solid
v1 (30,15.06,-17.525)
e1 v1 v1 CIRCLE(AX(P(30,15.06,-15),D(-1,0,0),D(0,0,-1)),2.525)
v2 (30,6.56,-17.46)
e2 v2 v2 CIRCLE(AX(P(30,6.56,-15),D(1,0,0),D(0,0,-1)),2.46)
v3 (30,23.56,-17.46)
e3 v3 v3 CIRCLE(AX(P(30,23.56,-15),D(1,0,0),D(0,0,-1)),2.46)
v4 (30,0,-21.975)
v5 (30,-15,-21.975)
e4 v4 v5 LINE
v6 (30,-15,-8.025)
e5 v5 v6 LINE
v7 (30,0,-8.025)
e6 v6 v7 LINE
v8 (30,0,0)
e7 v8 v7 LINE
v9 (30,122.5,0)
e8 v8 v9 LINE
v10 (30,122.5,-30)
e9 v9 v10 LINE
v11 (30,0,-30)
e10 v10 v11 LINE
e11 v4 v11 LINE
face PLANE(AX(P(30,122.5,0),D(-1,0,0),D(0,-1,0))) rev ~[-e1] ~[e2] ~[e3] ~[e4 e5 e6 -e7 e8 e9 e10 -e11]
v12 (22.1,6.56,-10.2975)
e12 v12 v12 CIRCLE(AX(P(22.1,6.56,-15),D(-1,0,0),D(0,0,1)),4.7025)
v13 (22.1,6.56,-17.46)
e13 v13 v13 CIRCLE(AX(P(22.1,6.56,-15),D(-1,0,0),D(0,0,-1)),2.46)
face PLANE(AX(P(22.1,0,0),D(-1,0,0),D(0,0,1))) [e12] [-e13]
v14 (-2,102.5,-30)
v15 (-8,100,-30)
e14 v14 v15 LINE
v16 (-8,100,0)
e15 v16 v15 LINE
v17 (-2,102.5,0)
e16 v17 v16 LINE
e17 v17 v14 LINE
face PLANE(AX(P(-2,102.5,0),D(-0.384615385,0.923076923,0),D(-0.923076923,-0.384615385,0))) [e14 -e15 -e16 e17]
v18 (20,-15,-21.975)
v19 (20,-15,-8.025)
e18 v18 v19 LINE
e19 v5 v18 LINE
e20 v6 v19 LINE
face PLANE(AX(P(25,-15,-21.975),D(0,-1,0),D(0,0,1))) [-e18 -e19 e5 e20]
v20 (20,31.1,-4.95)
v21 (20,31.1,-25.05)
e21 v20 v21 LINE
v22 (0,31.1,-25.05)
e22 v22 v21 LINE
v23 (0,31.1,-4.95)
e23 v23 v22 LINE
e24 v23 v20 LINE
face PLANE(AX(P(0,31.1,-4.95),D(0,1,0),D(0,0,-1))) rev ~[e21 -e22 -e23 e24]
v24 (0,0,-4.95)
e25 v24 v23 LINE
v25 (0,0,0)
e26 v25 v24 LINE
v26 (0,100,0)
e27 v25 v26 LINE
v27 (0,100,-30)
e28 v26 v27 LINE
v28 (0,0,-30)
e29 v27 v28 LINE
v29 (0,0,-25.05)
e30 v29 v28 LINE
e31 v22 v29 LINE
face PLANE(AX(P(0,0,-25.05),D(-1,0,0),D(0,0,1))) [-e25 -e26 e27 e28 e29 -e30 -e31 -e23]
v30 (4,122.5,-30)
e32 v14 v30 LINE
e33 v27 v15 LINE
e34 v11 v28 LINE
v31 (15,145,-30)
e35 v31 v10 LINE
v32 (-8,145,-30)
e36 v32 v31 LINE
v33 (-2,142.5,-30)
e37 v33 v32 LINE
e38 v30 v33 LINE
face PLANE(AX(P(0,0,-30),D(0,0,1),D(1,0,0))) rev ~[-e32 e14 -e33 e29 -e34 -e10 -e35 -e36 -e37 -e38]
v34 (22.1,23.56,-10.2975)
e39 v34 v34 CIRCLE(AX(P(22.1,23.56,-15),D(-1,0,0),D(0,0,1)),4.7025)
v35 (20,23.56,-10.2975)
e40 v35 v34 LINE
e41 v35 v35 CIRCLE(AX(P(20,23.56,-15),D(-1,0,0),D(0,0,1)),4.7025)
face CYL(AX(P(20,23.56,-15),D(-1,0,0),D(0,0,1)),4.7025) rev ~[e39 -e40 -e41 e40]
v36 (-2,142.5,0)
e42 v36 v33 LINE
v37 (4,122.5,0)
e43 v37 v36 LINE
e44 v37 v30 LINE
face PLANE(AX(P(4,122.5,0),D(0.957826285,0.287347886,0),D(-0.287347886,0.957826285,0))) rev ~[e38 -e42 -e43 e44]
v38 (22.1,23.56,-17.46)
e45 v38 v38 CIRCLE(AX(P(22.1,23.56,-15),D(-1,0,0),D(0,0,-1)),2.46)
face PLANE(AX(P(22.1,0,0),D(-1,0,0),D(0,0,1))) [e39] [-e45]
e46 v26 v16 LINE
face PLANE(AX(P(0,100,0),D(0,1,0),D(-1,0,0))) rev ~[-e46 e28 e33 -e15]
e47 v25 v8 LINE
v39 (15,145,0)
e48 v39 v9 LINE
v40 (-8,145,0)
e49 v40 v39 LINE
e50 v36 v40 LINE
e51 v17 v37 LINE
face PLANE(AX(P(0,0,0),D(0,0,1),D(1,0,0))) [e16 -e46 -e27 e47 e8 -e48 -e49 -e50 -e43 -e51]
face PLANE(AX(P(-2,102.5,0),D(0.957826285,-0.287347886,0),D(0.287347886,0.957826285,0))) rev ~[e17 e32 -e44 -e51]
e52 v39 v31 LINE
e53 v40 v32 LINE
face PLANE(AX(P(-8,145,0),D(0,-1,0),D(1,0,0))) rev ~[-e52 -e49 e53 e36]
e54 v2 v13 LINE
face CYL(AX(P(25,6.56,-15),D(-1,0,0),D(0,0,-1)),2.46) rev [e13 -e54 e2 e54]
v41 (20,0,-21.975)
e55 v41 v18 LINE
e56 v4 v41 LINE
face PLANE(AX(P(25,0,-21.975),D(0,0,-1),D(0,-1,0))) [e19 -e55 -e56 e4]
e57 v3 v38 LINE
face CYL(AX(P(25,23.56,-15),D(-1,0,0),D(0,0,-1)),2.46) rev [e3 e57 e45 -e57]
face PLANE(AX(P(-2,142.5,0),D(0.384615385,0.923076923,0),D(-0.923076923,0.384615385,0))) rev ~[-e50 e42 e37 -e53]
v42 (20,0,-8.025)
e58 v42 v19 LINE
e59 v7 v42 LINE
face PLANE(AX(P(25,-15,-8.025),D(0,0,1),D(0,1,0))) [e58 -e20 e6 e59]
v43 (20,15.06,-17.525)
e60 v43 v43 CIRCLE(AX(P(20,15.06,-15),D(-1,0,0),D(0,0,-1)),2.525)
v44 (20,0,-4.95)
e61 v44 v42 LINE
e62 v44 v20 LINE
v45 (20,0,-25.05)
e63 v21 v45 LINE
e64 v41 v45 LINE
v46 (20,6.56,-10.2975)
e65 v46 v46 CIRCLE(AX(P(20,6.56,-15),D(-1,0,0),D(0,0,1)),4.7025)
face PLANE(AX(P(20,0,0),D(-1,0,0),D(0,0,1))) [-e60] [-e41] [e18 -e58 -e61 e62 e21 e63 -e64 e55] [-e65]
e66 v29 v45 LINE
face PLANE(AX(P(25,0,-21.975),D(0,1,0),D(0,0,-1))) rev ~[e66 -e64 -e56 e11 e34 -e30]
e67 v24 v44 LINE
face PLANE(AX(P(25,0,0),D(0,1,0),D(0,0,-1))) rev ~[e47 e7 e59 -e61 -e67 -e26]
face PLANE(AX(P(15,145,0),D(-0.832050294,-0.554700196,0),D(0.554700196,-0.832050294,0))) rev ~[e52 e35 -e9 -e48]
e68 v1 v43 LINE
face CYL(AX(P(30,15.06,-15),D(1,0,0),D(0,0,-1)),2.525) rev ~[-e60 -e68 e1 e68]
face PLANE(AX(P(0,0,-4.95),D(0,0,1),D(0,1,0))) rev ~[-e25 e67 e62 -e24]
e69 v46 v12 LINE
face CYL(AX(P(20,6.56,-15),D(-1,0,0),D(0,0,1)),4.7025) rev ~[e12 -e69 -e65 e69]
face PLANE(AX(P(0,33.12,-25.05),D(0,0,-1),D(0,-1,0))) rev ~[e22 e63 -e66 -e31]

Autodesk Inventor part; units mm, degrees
ref_plane "YZ Plane" through (0, 0, 0) normal (1, 0, 0) x (0, 1, 0)
ref_plane "XZ Plane" through (0, 0, 0) normal (0, 1, 0) x (-1, 0, 0)
ref_plane "XY Plane" through (0, 0, 0) normal (0, 0, 1) x (1, 0, 0)
sketch "Sketch1" plane through (0, 0, 0) normal (0, 0, 1) x (1, 0, 0)
  line L0 (0, 0) -> (25, 0)
  line L1 (25, 0) -> (25, 40)
  line L2 (25, 40) -> (0, 40)
  line L3 (0, 40) -> (0, 0)
  dimension "d1" = 25
  dimension "d2" = 40
  dimension "d3" = 25
extrude "Extrusion1" add sketch "Sketch1" against normal blind 30
sketch "Sketch2" plane through (25, 0, 0) normal (1, 0, 0) x (0, 0, -1)
  line L0 (0, 0) -> (30, 0) projected
  circle A0 centre (15, 6.56) radius 2.46
extrude "Extrusion2" cut sketch "Sketch2" against normal blind 30
sketch "Sketch3" plane through (0, 0, 0) normal (-1, 0, 0) x (0, 0, 1)
  line L0 (0, 0) -> (-30, 0) projected
  line L1 (-25.05, 0) -> (-4.95, 0)
  line L2 (-4.95, 0) -> (-4.95, 33.12)
  line L3 (-4.95, 33.12) -> (-25.05, 33.12)
  line L4 (-25.05, 33.12) -> (-25.05, 0)
  dimension "d11" = 20.1
extrude "Extrusion3" cut sketch "Sketch3" against normal blind 20
sketch "Sketch4" plane through (0, 0, 0) normal (0, -1, 0) x (1, 0, 0)
  line L0 (20, -4.95) -> (20, -25.05) projected
  line L1 (20, -15) -> (25, -15)
  line L2 (25, 0) -> (25, -30) projected
  line L3 (20, -8.025) -> (25, -8.025)
  line L4 (25, -8.025) -> (25, -21.975)
  line L5 (25, -21.975) -> (20, -21.975)
  line L6 (20, -21.975) -> (20, -8.025)
  line L7 (20, -8.025) -> (25, -21.975) construction
  line L8 (25, -8.025) -> (20, -21.975) construction
  line L9 (25, -12.54) -> (25, -17.46) projected
  point P0 (0, 0)
  point P1 (22.5, -15)
  dimension "d14" = 13.95
extrude "Extrusion4" add sketch "Sketch4" along normal blind 15
sketch "Sketch5" plane through (20, 0, 0) normal (-1, 0, 0) x (0, 0, 1)
  circle A0 centre (-15, 6.56) radius 2.46 projected
  circle A1 centre (-15, 6.56) radius 4.7025
  circle A2 centre (-15, 6.56) radius 2.46 projected
  circle A3 centre (-15, 6.56) radius 2.46
  point P0 (0, 0)
  dimension "d17" = 9.405
extrude "Extrusion5" cut sketch "Sketch5" against normal blind 2.1
sketch "Sketch6" plane through (25, 0, 0) normal (1, 0, 0) x (0, 0, -1)
  circle A0 centre (15, 6.56) radius 4.7025 projected
  line L0 (15, 6.56) -> (15, 23.56)
  circle A1 centre (15, 23.56) radius 2.46
  point P0 (0, 0)
  dimension "d20" = 17
  dimension "d21" = 4.92
extrude "Extrusion6" cut sketch "Sketch6" against normal blind 10 contours A1
sketch "Sketch7" plane through (20, 0, 0) normal (-1, 0, 0) x (0, 0, 1)
  circle A0 centre (-15, 23.56) radius 2.46 projected
  circle A1 centre (-15, 23.56) radius 4.7025
  point P0 (0, 0)
  dimension "d24" = 9.405
extrude "Extrusion7" cut sketch "Sketch7" against normal blind 2.1
sketch "Sketch9" plane through (25, 0, 0) normal (1, 0, 0) x (0, 0, -1)
  circle A0 centre (15, 6.56) radius 2.46 projected
  circle A1 centre (15, 6.56) radius 2.46
  circle A2 centre (15, 23.56) radius 2.46 projected
  circle A3 centre (15, 23.56) radius 2.46
  line L0 (30, 40) -> (30, 0) projected
  line L1 (30, 0) -> (30, 40)
  line L2 (30, 40) -> (0, 40)
  line L3 (0, 40) -> (0, 0)
  line L4 (0, 0) -> (8.025, 0) projected
  line L5 (21.975, 0) -> (21.975, -15)
  line L6 (21.975, -15) -> (8.025, -15)
  line L7 (8.025, -15) -> (8.025, 0)
  line L8 (0, 0) -> (8.025, 0)
  line L9 (21.975, 0) -> (30, 0)
extrude "Extrusion8" add sketch "Sketch9" along normal blind 5
sketch "Sketch10" plane through (0, 40, 0) normal (0, 1, 0) x (1, 0, 0)
  line L0 (0, 30) -> (30, 30) projected
  line L1 (30, 0) -> (0, 0) projected
  line L2 (0, 30) -> (30, 30)
  line L3 (30, 30) -> (30, 0)
  line L4 (30, 0) -> (0, 0)
  line L5 (0, 0) -> (0, 30)
extrude "Extrusion9" add sketch "Sketch10" along normal blind 30
sketch "Sketch12" plane through (30, 0, 0) normal (1, 0, 0) x (0, 0, -1)
  circle A0 centre (15, 6.56) radius 2.46 projected
  line L0 (15, 6.56) -> (15, 15.06)
  circle A1 centre (15, 15.06) radius 2.525
  point P0 (0, 0)
  dimension "d31" = 8.5
  dimension "d33" = 5.05
extrude "Extrusion10" cut sketch "Sketch12" against normal blind 30 contours A1
sketch "Sketch14" plane through (0, 0, 0) normal (0, 0, 1) x (1, 0, 0)
  line L0 (30, 70) -> (0, 70) projected
  line L1 (0, 100) -> (-8, 100)
  line L2 (30, 0) -> (30, 70) projected
  line L3 (30, 118) -> (30, 70)
  line L4 (30, 105) -> (30, 100)
  line L5 (0, 70) -> (30, 70) projected
  line L6 (0, 70) -> (0, 100)
  line L7 (-8, 145) -> (15, 145)
  line L8 (-2, 142.5) -> (-8, 145)
  line L9 (-2, 102.5) -> (-8, 100)
  line L10 (-2, 102.5) -> (4, 122.5)
  line L11 (4, 122.5) -> (-2, 142.5)
  line L12 (15, 145) -> (30, 122.5)
  line L13 (30, 122.5) -> (30, 118)
  point P0 (0, 0)
  dimension "d47" = 30
  dimension "d85" = 45
extrude "Extrusion12" add sketch "Sketch14" against normal blind 30
sketch "Sketch15" plane through (0, 0, -25.05) normal (-1, 0, 0) x (0, 0, 1)
  line L0 (0, 33.12) -> (20.1, 33.12) projected
  line L1 (20.1, 33.12) -> (20.1, 0) projected
  line L2 (0, 33.12) -> (20.1, 33.12)
  line L3 (20.1, 33.12) -> (20.1, 31.1)
  line L4 (20.1, 31.1) -> (0, 31.1)
  line L5 (0, 31.1) -> (0, 33.12)
  point P0 (25.05, 0)
  dimension "d57" = 2.02
extrude "Extrusion13" add sketch "Sketch15" against normal blind 20
properties part number "40mm_x_30mm"
